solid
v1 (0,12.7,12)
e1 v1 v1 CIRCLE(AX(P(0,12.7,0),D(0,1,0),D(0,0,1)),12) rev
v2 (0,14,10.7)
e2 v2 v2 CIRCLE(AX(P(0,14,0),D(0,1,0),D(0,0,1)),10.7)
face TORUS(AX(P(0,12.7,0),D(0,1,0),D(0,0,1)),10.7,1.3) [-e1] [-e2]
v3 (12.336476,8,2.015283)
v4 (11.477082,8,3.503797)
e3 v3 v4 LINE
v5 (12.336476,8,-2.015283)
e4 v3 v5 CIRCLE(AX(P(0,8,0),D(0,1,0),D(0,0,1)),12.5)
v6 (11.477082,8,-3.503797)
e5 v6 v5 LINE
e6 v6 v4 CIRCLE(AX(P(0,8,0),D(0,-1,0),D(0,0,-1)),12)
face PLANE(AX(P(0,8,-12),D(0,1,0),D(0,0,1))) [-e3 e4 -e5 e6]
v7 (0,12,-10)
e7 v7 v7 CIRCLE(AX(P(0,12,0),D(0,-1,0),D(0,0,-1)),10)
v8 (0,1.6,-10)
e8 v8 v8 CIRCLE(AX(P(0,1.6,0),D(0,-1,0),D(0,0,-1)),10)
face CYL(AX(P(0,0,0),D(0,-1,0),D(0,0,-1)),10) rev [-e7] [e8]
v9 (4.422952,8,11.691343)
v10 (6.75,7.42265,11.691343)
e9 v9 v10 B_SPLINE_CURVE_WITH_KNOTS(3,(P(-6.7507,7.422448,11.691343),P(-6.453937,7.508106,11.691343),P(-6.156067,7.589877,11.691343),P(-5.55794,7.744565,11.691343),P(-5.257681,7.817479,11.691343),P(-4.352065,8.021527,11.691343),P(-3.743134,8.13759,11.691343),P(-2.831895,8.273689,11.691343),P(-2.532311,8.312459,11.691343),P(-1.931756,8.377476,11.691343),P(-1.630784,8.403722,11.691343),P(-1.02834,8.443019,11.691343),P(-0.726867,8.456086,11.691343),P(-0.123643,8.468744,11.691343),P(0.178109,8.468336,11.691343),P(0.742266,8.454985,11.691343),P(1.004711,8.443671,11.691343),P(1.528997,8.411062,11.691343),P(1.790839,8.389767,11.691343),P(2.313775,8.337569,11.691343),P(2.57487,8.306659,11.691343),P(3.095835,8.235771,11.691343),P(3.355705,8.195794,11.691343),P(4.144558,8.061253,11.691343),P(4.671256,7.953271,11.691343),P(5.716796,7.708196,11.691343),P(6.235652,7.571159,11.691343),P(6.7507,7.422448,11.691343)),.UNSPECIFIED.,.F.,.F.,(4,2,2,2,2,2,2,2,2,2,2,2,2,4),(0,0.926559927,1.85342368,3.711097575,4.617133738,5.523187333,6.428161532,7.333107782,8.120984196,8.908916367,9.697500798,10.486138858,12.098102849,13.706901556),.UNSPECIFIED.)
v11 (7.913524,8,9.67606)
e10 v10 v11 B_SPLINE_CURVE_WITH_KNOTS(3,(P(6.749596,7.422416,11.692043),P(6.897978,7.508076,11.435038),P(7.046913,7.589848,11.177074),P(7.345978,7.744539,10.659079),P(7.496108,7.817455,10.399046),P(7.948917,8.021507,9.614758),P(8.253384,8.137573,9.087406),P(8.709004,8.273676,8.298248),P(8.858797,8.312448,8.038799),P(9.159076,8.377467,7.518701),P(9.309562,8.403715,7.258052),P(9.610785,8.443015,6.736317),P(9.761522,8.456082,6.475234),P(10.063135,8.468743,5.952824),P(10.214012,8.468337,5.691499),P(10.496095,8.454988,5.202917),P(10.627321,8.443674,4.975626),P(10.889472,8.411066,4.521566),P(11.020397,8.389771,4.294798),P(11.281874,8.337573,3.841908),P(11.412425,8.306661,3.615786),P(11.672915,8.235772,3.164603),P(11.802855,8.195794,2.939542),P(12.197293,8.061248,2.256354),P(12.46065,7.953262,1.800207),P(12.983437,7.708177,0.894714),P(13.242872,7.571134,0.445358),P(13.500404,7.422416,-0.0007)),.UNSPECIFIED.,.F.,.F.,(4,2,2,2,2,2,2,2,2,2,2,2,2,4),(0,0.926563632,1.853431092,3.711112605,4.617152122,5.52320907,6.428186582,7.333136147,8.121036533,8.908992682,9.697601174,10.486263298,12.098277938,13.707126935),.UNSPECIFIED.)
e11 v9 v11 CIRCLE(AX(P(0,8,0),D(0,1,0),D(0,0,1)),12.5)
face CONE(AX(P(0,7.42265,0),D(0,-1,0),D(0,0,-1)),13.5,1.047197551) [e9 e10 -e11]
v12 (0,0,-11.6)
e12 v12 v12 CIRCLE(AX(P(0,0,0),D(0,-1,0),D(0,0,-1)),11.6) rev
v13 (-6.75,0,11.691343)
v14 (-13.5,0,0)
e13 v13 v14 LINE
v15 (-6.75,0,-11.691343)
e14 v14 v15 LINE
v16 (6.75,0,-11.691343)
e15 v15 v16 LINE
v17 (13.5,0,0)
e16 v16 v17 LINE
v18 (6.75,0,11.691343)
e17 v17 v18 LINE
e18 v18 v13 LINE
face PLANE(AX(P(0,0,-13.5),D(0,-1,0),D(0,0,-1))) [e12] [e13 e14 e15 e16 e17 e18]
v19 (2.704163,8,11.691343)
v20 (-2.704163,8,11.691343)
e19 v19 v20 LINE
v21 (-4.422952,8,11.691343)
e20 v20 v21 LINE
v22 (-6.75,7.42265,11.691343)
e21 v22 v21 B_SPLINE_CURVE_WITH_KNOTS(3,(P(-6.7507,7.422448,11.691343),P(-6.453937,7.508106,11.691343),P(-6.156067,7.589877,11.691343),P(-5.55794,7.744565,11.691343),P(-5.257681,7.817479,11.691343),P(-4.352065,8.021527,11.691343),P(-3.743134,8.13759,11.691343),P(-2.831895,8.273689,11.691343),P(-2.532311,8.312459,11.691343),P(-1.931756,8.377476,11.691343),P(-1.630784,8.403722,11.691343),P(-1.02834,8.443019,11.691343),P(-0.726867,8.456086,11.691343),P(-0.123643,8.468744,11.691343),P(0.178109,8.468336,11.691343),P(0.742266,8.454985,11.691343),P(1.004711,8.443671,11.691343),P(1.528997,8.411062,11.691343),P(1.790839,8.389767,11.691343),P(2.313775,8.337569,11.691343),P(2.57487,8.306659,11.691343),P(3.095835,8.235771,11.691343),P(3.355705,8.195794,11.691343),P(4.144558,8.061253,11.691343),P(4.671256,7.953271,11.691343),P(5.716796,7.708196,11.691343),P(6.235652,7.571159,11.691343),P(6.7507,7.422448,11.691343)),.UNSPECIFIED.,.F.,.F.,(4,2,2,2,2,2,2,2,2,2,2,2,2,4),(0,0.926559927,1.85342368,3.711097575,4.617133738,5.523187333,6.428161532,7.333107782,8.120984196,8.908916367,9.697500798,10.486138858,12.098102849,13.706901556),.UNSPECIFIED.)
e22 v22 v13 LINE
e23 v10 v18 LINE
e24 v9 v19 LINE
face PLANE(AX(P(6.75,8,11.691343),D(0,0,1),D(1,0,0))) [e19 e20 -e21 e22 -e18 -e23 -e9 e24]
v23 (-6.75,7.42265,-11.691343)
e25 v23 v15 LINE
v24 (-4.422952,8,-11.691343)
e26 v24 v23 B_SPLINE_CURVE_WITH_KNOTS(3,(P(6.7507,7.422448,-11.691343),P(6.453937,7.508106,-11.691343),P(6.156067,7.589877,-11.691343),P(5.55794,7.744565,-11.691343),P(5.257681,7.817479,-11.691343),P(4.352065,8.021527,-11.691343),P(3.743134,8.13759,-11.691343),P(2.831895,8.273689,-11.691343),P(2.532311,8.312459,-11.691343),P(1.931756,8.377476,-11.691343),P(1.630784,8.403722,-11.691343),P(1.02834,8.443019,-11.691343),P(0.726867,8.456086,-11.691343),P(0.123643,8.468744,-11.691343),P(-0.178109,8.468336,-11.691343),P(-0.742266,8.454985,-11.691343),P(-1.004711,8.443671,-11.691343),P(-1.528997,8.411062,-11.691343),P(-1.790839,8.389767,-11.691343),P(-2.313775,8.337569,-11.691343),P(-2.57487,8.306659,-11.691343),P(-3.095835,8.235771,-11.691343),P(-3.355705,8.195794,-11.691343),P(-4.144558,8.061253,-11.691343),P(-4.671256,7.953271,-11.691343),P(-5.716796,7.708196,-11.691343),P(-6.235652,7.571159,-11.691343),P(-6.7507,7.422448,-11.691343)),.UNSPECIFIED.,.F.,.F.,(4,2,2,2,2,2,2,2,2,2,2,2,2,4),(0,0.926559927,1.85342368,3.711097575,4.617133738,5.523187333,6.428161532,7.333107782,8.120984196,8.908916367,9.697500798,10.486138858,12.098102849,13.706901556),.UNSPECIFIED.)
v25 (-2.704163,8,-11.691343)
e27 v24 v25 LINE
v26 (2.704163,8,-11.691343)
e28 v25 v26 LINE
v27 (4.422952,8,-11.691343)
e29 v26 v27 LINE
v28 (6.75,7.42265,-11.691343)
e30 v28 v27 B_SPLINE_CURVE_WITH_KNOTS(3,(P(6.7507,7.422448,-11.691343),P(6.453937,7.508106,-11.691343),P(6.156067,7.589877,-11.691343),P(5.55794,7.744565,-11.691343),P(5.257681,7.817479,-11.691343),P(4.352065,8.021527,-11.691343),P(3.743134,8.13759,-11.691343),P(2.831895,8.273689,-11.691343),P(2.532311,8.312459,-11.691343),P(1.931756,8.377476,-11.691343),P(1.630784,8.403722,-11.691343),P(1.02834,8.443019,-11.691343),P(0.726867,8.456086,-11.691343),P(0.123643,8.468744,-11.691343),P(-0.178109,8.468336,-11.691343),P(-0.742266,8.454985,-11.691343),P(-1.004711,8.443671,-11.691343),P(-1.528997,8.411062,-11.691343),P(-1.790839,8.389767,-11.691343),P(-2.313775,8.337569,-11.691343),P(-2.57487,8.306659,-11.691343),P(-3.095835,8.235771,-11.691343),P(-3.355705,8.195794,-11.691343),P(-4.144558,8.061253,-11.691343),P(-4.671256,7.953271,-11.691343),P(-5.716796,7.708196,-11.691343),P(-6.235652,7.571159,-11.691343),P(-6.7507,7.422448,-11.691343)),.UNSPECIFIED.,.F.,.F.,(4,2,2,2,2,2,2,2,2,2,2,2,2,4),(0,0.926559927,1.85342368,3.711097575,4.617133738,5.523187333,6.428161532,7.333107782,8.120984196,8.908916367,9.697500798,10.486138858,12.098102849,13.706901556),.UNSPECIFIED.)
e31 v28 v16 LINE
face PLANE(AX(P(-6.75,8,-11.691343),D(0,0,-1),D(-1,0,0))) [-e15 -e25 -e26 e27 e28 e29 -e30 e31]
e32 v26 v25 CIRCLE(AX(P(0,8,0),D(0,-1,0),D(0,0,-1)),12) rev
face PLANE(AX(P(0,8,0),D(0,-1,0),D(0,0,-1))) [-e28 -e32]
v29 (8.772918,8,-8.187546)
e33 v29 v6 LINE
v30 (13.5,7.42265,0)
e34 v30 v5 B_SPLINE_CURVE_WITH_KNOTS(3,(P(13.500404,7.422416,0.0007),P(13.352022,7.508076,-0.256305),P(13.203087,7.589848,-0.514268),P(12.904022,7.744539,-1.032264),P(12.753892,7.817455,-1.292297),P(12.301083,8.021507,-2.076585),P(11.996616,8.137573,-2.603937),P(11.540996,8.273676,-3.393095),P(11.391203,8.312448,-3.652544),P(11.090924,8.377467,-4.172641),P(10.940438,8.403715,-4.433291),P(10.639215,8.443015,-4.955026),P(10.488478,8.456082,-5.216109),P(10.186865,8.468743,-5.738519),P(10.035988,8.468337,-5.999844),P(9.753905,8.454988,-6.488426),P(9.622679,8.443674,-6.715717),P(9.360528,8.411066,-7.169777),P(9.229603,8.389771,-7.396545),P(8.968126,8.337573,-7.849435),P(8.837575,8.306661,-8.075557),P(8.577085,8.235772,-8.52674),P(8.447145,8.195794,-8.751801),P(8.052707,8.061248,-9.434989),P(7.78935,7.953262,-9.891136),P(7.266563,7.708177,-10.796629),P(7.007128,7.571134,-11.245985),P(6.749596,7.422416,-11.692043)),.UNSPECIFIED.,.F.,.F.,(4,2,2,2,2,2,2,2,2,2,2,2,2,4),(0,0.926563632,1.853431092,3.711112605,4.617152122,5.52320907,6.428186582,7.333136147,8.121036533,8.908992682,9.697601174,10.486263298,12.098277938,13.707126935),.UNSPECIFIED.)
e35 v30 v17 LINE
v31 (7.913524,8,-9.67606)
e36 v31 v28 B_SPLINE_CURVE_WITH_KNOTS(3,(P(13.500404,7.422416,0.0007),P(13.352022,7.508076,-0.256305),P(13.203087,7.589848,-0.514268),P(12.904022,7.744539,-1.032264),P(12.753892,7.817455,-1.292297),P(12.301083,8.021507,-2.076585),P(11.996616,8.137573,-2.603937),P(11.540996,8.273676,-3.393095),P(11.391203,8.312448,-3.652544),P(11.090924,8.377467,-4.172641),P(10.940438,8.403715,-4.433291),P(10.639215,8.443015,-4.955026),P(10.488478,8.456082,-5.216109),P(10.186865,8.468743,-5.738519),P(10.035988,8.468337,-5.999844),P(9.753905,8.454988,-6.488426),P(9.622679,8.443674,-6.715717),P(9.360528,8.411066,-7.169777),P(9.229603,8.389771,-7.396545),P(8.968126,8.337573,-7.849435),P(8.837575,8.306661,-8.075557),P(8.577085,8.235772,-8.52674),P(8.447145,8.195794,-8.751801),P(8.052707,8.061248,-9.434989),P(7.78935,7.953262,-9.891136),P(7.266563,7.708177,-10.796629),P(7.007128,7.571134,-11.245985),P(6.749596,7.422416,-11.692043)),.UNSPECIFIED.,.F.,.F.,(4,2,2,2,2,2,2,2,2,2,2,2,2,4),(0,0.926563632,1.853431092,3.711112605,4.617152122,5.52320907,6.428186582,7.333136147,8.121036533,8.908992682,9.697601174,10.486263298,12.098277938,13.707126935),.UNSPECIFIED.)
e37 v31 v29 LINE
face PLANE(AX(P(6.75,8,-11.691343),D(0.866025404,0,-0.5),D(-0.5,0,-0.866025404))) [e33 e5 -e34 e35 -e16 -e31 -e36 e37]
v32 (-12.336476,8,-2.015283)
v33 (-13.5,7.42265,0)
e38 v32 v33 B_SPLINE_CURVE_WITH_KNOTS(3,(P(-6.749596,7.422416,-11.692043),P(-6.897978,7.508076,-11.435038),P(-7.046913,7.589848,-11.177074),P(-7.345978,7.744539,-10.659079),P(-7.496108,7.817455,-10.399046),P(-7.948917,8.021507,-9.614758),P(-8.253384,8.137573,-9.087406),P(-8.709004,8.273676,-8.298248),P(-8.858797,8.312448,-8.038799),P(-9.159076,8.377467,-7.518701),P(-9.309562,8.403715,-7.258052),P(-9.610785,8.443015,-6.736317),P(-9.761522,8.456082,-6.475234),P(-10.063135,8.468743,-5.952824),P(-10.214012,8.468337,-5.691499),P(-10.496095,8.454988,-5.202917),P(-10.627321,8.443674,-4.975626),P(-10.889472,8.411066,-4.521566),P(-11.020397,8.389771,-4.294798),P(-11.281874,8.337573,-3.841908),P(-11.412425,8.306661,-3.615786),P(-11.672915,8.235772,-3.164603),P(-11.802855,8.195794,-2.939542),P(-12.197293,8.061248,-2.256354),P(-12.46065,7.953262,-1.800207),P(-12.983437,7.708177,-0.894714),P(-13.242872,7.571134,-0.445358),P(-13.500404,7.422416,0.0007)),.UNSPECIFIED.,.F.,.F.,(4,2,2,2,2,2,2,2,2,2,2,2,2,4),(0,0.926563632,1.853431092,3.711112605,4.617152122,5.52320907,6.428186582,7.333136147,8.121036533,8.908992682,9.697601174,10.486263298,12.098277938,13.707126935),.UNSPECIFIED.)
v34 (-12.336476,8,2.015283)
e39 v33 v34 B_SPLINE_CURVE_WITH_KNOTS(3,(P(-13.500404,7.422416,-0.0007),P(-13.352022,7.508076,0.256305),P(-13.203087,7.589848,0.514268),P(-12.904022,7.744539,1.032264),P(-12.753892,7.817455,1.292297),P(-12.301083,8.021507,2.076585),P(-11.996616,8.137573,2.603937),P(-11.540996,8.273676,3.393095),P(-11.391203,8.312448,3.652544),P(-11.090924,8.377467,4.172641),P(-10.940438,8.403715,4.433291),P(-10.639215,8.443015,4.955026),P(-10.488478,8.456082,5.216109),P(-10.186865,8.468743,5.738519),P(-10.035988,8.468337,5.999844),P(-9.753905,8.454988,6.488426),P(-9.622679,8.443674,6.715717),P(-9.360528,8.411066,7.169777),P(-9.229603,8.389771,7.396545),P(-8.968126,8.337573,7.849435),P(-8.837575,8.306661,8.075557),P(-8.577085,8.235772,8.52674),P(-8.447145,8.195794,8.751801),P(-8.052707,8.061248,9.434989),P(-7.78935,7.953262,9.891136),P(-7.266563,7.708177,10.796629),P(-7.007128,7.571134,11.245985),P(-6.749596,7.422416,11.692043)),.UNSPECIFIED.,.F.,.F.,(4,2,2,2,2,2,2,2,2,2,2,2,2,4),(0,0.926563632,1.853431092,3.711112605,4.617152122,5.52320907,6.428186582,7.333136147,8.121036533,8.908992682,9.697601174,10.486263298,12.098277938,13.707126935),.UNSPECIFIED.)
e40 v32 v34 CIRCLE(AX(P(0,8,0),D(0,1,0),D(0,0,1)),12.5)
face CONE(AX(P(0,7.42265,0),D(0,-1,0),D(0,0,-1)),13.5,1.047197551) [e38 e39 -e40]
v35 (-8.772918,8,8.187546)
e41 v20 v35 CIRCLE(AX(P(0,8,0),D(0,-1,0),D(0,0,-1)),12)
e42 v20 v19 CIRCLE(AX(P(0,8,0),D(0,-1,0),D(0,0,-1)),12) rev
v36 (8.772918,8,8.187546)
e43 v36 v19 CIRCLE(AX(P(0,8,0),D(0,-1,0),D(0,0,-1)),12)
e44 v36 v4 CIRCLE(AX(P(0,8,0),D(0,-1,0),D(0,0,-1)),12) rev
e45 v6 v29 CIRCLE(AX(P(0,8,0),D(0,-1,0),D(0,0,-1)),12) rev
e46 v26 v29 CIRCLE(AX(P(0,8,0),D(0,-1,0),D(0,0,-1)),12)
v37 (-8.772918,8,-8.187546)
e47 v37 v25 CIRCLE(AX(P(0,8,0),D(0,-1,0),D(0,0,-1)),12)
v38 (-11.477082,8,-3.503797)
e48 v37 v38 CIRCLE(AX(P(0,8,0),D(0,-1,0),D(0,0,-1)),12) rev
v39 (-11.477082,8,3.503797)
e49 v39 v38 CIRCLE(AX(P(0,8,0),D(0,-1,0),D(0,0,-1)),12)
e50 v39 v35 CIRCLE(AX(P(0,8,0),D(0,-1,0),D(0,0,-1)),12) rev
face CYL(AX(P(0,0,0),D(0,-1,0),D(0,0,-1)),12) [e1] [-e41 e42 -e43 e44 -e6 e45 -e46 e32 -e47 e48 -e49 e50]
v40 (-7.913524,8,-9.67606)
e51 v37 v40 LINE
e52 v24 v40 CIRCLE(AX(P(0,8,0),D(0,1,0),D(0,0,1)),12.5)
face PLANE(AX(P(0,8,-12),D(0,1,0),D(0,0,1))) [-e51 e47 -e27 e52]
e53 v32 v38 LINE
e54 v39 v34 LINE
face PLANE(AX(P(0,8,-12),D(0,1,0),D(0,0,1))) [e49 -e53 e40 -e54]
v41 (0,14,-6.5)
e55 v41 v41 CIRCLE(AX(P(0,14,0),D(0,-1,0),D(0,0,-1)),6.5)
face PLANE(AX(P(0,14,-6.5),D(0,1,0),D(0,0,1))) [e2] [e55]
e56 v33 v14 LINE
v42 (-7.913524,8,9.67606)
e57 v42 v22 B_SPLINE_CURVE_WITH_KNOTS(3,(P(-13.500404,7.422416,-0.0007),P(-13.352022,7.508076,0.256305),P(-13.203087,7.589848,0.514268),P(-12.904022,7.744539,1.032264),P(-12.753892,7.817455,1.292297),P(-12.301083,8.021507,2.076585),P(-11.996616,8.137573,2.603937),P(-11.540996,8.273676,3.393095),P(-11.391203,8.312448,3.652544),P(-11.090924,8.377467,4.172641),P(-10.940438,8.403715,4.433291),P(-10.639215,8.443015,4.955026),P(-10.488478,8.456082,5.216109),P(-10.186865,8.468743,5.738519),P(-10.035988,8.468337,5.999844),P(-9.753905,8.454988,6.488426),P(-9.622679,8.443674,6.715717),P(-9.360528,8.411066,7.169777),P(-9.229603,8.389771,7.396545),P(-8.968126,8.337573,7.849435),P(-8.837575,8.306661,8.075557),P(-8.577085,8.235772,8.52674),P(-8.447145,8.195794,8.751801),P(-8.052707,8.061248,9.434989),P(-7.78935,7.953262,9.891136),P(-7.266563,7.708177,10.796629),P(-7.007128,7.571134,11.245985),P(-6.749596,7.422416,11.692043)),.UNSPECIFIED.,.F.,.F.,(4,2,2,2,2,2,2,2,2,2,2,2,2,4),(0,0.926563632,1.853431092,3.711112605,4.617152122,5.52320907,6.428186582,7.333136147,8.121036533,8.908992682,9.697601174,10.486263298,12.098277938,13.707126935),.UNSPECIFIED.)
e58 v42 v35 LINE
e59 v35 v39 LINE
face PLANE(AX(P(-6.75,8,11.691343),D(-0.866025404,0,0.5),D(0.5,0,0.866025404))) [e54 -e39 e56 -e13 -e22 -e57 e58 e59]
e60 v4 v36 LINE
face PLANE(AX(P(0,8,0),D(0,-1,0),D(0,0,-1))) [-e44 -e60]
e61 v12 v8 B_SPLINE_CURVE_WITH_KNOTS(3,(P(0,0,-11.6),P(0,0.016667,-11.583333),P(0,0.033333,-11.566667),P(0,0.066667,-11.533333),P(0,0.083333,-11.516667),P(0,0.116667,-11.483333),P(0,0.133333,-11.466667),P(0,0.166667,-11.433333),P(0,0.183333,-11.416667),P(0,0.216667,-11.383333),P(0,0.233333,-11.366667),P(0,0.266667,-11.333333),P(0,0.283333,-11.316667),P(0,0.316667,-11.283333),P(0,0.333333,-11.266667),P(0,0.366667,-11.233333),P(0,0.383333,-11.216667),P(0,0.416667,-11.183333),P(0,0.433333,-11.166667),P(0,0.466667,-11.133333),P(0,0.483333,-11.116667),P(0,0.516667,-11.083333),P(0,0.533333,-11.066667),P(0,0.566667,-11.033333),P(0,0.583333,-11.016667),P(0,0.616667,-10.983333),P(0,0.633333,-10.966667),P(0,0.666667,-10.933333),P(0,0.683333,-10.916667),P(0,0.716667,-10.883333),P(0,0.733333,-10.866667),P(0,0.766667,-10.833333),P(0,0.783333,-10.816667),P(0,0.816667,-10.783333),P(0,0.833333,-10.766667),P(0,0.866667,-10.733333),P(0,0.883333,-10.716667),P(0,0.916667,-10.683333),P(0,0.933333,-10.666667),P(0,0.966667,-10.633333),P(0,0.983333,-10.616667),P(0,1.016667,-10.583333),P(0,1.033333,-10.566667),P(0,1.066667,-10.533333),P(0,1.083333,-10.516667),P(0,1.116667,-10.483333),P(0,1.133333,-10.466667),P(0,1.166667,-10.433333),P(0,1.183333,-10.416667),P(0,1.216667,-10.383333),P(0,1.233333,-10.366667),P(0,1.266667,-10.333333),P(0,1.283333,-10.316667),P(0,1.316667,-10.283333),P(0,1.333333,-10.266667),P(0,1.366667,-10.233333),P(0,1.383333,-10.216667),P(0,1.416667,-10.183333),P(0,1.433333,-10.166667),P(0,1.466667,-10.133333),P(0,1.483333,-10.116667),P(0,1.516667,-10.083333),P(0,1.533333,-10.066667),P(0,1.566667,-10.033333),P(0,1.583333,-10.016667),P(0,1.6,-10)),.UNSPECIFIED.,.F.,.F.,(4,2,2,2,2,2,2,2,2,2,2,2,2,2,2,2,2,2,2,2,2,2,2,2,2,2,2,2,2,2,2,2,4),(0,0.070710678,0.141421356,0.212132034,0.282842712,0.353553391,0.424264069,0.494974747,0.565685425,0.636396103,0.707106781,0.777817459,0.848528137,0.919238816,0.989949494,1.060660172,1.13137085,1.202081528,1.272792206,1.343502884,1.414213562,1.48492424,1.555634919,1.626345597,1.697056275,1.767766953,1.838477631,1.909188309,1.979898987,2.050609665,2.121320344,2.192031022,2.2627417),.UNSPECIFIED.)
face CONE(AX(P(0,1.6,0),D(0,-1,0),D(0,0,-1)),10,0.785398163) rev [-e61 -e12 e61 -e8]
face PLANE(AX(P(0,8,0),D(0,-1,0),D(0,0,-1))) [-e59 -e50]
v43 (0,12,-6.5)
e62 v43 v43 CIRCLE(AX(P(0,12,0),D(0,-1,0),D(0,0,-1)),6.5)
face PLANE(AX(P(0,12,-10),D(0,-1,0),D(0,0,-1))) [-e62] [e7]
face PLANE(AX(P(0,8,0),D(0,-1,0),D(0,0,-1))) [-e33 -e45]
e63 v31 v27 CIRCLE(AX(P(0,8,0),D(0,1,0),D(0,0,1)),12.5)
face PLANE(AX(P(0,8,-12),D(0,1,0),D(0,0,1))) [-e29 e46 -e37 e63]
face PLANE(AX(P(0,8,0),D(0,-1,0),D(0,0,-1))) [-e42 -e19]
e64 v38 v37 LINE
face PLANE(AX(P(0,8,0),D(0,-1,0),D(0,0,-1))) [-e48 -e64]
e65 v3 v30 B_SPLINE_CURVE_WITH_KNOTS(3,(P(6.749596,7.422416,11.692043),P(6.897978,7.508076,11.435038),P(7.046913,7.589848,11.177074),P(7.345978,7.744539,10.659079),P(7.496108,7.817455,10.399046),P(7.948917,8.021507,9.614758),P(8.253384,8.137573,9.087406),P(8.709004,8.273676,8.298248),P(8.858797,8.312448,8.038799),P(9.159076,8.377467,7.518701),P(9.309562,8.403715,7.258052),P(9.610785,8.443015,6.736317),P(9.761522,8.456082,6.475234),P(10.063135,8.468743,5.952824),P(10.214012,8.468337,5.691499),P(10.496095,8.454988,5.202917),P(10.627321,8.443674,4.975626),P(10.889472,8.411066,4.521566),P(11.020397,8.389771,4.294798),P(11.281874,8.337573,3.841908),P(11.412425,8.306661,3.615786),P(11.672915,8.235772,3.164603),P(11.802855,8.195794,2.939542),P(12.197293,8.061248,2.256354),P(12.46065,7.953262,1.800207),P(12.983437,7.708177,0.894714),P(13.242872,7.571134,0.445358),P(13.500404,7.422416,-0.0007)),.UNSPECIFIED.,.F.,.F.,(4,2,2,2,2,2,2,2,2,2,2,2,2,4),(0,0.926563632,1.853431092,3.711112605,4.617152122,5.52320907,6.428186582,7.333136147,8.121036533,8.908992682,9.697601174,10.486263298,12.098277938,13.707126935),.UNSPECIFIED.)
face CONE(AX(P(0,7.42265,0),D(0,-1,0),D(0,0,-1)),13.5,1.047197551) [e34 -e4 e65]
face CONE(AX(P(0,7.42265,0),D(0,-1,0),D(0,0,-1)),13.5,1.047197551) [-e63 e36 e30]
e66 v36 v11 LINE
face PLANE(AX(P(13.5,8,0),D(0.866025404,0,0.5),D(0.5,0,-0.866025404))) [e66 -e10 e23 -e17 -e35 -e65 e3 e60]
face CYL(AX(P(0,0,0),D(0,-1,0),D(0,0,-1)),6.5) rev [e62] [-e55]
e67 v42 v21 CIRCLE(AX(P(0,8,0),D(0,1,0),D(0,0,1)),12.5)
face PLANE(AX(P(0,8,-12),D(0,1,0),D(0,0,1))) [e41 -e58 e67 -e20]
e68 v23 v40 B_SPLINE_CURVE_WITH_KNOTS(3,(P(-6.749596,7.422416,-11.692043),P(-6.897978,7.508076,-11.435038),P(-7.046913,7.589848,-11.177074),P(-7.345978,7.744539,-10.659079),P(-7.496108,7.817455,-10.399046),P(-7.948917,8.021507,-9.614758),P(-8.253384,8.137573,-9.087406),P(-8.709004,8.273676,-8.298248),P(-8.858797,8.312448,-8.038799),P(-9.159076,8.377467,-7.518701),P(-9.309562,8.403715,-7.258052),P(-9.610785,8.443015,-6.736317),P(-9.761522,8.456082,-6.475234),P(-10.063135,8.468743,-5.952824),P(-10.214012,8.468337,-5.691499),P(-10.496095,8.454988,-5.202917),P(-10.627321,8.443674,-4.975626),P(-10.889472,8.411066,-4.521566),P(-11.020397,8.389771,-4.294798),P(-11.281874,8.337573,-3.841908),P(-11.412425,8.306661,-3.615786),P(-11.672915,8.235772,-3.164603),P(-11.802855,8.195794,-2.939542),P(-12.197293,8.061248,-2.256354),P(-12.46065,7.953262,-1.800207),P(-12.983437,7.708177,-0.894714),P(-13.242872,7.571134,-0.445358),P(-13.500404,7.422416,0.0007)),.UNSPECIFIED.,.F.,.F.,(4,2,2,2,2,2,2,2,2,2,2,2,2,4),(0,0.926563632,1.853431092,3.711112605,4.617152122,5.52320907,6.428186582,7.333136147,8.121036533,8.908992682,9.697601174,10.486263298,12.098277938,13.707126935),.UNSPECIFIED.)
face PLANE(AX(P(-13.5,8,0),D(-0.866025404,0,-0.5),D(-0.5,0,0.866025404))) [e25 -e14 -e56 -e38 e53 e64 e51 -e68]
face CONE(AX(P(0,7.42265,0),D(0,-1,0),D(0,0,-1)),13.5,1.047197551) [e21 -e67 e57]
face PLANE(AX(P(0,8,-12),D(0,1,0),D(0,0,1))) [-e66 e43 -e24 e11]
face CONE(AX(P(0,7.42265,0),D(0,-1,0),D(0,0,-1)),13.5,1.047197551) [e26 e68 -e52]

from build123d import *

# Parameters (mm, degrees)
FILLET1_R          = 1.3
CHAMFER1_SIZE      = 1
CHAMFER1_SIZE2     = 0.577350269
SKETCH2_OUTSIDE_W  = 37.134
SKETCH2_OUTSIDE_H  = 37.134
CUT_EXTRUDE1_DEPTH = 8
CHAMFER2_SIZE      = 1.6


with BuildPart() as part:
    # Sketch1 → Revolve1 (revolve)
    with BuildSketch(Plane(origin=(0, 0, 0), x_dir=(0, 0, -1), z_dir=(1, 0, 0))):
        Polygon((10, 0), (10, 12), (6.5, 12), (6.5, 14), (12, 14), (12, 8), (13.5, 8), (13.5, 0), align=None)
    revolve(axis=Axis((0, 0, 0), (0, 1, 0)))

    # Fillet1
    fillet1_edges = [part.edges().sort_by_distance(p)[0] for p in [
        (0, 14, 12),
    ]]
    fillet(fillet1_edges, radius=FILLET1_R)

    # Chamfer1
    chamfer1_edges = [part.edges().sort_by_distance(p)[0] for p in [
        (0, 8, 13.5),
    ]]
    chamfer1_side = [part.faces().sort_by_distance(p)[0] for p in [
        (0, 8, 12.381837662),
    ]]
    chamfer(chamfer1_edges, length=CHAMFER1_SIZE, length2=CHAMFER1_SIZE2, reference=chamfer1_side[0])

    # Sketch2 outside → Cut-Extrude1 (cut)
    with BuildSketch(Plane.XZ):
        Rectangle(SKETCH2_OUTSIDE_W, SKETCH2_OUTSIDE_H)
        Polygon((-13.5, 0), (-6.75, -11.691342951), (6.75, -11.691342951), (13.5, 0), (6.75, 11.691342951), (-6.75, 11.691342951), align=None, mode=Mode.SUBTRACT)
    extrude(amount=-CUT_EXTRUDE1_DEPTH, mode=Mode.SUBTRACT)

    # Chamfer2
    chamfer2_edges = [part.edges().sort_by_distance(p)[0] for p in [
        (0, 0, 10),
    ]]
    chamfer(chamfer2_edges, length=CHAMFER2_SIZE)


solid = part.part
